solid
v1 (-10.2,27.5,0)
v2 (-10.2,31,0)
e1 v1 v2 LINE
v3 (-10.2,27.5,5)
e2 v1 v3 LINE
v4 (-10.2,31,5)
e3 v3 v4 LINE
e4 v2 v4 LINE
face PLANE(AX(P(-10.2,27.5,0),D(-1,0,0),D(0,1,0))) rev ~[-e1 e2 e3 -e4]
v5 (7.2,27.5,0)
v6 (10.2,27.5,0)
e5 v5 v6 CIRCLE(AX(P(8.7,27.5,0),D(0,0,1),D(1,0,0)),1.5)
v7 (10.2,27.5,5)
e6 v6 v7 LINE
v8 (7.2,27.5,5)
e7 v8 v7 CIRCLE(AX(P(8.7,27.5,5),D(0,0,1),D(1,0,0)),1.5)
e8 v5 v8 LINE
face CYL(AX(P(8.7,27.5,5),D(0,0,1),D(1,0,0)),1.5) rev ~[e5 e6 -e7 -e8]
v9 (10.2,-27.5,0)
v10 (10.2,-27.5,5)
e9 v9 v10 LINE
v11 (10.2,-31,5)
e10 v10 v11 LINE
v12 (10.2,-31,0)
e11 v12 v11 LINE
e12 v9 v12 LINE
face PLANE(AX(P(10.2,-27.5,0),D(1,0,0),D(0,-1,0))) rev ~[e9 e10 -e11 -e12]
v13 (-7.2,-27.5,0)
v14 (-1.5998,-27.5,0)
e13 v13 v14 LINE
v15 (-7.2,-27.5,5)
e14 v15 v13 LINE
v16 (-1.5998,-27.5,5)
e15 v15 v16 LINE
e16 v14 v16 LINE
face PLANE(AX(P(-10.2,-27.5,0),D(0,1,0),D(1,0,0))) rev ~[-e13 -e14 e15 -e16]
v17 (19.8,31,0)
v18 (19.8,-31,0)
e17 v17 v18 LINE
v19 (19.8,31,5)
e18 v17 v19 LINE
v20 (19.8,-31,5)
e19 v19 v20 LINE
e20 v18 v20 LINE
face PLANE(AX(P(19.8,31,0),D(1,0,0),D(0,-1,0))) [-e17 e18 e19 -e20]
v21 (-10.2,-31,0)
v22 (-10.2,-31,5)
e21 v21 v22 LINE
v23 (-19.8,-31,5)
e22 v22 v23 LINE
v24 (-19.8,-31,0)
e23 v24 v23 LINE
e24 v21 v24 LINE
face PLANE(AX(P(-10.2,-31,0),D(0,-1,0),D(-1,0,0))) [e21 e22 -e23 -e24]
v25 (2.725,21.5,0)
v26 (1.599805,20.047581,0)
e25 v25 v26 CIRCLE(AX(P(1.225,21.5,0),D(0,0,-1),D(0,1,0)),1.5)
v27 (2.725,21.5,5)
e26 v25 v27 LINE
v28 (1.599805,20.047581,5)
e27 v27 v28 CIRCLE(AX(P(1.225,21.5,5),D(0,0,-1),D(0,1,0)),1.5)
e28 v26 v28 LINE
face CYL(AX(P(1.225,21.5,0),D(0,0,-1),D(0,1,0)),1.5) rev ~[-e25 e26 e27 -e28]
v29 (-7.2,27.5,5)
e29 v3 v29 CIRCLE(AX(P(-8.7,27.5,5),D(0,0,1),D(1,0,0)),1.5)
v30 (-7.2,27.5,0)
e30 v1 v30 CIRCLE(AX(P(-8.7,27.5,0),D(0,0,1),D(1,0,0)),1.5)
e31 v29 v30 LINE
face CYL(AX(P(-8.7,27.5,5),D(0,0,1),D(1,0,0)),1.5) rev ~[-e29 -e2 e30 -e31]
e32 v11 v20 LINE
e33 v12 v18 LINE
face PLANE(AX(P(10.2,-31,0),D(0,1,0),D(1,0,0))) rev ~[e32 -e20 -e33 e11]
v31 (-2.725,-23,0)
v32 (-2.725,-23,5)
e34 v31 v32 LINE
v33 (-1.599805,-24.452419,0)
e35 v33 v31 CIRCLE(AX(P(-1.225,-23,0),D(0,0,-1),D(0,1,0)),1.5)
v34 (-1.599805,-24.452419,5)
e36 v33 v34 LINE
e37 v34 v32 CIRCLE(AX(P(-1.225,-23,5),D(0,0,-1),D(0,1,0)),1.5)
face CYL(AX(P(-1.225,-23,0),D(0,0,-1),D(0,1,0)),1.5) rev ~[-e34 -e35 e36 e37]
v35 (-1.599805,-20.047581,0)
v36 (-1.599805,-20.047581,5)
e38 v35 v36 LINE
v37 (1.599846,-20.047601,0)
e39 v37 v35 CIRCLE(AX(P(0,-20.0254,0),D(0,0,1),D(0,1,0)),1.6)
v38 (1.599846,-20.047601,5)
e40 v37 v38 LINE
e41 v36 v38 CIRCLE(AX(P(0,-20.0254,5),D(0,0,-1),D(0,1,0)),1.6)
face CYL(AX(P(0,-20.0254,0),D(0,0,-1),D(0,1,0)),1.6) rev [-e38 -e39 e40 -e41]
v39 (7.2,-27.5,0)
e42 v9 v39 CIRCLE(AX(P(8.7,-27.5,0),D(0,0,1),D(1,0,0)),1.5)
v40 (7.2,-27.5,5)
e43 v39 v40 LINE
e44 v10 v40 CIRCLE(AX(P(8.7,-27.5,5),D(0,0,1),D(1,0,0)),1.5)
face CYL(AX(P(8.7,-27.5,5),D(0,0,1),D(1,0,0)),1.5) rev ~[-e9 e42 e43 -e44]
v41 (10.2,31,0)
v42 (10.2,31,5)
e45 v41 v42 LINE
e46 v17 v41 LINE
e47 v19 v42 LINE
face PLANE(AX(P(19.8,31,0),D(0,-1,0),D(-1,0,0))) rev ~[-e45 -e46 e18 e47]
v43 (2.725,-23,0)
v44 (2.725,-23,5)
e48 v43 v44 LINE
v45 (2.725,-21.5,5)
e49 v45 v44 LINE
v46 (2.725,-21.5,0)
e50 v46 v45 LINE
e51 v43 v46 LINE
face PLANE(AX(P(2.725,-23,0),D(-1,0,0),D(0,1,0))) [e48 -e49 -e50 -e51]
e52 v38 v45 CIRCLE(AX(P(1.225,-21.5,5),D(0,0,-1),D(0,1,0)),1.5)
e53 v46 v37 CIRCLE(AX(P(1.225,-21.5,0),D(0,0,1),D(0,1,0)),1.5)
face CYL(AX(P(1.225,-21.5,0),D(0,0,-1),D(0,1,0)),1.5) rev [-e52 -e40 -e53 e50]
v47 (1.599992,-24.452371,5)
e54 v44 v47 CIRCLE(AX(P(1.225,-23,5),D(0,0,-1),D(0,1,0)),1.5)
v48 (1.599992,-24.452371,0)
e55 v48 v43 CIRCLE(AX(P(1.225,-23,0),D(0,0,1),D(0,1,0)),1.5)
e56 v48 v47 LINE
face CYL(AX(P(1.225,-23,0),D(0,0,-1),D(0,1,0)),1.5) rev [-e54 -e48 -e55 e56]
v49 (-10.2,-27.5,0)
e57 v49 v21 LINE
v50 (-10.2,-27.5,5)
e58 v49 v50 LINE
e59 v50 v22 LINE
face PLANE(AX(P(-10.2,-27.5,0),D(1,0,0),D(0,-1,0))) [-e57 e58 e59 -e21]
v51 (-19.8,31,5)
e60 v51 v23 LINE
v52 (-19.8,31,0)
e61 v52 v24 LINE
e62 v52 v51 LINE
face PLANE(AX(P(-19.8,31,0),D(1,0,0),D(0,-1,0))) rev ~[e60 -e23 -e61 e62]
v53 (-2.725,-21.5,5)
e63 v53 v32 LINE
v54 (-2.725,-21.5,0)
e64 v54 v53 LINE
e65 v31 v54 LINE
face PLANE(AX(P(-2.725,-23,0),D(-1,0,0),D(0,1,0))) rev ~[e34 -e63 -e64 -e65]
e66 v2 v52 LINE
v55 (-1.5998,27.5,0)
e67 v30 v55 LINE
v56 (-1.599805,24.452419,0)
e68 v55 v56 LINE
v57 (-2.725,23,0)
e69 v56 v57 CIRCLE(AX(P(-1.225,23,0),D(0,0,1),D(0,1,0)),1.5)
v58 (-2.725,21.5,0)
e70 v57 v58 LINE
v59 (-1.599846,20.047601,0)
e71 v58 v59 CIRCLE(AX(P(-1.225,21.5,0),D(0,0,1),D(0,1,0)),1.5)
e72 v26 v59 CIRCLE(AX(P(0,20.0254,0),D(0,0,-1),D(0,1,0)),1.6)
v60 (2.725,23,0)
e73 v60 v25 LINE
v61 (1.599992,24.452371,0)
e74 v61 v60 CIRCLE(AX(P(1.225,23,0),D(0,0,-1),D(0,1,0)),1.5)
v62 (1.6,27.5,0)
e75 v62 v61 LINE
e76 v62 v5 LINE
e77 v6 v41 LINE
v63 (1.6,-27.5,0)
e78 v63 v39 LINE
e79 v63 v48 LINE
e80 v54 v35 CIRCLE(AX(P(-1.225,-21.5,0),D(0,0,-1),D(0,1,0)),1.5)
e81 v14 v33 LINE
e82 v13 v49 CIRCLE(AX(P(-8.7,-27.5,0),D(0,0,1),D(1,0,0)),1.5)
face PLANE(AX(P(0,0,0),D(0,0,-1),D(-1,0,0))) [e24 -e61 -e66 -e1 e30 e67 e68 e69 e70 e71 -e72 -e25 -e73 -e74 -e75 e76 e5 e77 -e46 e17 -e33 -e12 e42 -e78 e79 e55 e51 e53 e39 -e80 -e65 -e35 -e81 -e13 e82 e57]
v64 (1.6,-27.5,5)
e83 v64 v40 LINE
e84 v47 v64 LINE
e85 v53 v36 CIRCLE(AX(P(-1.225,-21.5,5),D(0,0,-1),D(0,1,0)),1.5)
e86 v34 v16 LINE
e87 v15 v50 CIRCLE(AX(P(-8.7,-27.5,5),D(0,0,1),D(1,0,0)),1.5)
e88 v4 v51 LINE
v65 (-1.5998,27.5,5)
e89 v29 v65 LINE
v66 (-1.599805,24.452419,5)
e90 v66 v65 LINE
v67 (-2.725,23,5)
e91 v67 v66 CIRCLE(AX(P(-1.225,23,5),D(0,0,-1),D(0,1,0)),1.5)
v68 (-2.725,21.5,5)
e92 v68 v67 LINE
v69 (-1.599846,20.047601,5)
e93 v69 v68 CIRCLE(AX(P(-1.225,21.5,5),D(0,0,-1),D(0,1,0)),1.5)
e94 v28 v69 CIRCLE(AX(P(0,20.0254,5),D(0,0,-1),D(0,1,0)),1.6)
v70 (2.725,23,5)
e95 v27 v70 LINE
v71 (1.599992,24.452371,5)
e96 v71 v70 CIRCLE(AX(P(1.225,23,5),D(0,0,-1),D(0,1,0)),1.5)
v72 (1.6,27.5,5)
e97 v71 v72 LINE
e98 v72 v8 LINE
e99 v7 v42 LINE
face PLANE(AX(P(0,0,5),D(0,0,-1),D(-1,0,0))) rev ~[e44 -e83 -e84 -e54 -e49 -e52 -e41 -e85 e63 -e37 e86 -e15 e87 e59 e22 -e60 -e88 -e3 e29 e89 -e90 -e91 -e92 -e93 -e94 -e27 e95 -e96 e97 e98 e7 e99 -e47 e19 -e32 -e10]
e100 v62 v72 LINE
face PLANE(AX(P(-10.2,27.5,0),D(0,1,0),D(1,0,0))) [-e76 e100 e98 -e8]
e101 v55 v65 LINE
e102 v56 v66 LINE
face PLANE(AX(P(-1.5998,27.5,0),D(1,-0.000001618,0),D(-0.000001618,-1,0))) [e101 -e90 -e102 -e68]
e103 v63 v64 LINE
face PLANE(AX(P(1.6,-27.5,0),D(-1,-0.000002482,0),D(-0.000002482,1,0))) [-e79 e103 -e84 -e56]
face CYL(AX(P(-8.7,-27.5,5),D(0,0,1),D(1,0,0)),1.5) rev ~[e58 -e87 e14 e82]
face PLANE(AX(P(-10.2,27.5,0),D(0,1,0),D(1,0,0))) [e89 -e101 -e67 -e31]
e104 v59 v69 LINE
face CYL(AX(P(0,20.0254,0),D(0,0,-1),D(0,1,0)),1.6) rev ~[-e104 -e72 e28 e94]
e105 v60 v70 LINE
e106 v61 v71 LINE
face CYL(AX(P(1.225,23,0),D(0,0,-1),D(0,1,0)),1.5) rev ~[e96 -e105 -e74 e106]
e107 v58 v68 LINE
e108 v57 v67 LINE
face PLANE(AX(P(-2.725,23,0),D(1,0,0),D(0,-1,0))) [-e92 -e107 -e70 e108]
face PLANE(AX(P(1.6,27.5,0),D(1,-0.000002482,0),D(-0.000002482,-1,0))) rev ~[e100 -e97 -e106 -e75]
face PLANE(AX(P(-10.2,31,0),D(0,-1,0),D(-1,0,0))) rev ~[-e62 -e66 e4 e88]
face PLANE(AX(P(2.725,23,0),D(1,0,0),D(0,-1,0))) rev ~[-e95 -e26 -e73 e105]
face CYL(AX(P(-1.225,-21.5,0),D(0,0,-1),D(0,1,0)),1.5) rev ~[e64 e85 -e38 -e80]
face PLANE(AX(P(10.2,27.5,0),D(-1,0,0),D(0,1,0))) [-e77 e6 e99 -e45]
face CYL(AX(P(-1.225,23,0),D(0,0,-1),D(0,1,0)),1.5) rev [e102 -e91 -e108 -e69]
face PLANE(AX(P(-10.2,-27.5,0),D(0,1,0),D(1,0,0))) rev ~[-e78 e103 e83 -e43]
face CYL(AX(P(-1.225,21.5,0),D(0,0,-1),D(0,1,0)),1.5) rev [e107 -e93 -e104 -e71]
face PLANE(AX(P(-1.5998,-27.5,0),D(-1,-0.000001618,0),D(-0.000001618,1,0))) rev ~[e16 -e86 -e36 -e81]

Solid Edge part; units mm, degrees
sketch "Sketch1" plane through (0, 0, 0) normal (0, 0, 1) x (1, 0, 0)
  line L0 (-10.2, 27.5) -> (10.2, 27.5)
  line L1 (10.2, 27.5) -> (10.2, 31)
  line L2 (19.8, 31) -> (10.2, 31)
  line L3 (19.8, 31) -> (19.8, -31)
  line L4 (10.2, -31) -> (19.8, -31)
  line L5 (10.2, -27.5) -> (10.2, -31)
  line L6 (-10.2, -27.5) -> (10.2, -27.5)
  line L7 (-10.2, -27.5) -> (-10.2, -31)
  line L8 (-10.2, -31) -> (-19.8, -31)
  line L9 (-19.8, 31) -> (-19.8, -31)
  line L10 (-10.2, 31) -> (-19.8, 31)
  line L11 (-10.2, 27.5) -> (-10.2, 31)
extrude "Protrusion1" add sketch "Sketch1" along normal blind 5
sketch "Sketch2" plane through (0, 0, 5) normal (0, 0, 1) x (1, 0, 0)
  circle A0 centre (8.7, 27.5) radius 1.5
  circle A1 centre (-8.7, 27.5) radius 1.5
  circle A2 centre (8.7, -27.5) radius 1.5
  circle A3 centre (-8.7, -27.5) radius 1.5
extrude "ExtrudedCutout_4" cut sketch "Sketch2" against normal blind 5
sketch "Sketch3" plane through (0, 0, 0) normal (0, 0, -1) x (0, 1, 0)
  line L0 (-27.5, -1.5998) -> (-24.4524, -1.5998)
  arc A0 (-24.4524, -1.5998) -> (-23, -2.725) centre (-23, -1.225) ccw
  line L1 (-23, -2.725) -> (-21.5, -2.725)
  arc A1 (-21.5, -2.725) -> (-20.0476, -1.5998) centre (-21.5, -1.225) ccw
  arc A2 (-20.0476, 1.5998) -> (-20.0476, -1.5998) centre (-20.0254, 0) cw
  arc A3 (-21.5, 2.725) -> (-20.0476, 1.5998) centre (-21.5, 1.225) cw
  line L2 (-23, 2.725) -> (-21.5, 2.725)
  arc A4 (-24.4524, 1.6) -> (-23, 2.725) centre (-23, 1.225) cw
  line L3 (-27.5, 1.6) -> (-24.4524, 1.6)
  line L4 (-27.5, 0) -> (-27.5, 1.6)
  line L5 (-27.5, 0) -> (-27.5, -1.5998)
  arc A5 (21.5, 2.725) -> (20.0476, 1.5998) centre (21.5, 1.225) ccw
  arc A6 (20.0476, 1.5998) -> (20.0476, -1.5998) centre (20.0254, 0) ccw
  arc A7 (21.5, -2.725) -> (20.0476, -1.5998) centre (21.5, -1.225) cw
  line L6 (23, -2.725) -> (21.5, -2.725)
  arc A8 (24.4524, -1.5998) -> (23, -2.725) centre (23, -1.225) cw
  line L7 (27.5, -1.5998) -> (24.4524, -1.5998)
  line L8 (27.5, 0) -> (27.5, -1.5998)
  line L9 (27.5, 0) -> (27.5, 1.6)
  line L10 (27.5, 1.6) -> (24.4524, 1.6)
  arc A9 (24.4524, 1.6) -> (23, 2.725) centre (23, 1.225) ccw
  line L11 (23, 2.725) -> (21.5, 2.725)
extrude "Cutout1" cut sketch "Sketch3" against normal up to next
properties material "Polycarbonate"
